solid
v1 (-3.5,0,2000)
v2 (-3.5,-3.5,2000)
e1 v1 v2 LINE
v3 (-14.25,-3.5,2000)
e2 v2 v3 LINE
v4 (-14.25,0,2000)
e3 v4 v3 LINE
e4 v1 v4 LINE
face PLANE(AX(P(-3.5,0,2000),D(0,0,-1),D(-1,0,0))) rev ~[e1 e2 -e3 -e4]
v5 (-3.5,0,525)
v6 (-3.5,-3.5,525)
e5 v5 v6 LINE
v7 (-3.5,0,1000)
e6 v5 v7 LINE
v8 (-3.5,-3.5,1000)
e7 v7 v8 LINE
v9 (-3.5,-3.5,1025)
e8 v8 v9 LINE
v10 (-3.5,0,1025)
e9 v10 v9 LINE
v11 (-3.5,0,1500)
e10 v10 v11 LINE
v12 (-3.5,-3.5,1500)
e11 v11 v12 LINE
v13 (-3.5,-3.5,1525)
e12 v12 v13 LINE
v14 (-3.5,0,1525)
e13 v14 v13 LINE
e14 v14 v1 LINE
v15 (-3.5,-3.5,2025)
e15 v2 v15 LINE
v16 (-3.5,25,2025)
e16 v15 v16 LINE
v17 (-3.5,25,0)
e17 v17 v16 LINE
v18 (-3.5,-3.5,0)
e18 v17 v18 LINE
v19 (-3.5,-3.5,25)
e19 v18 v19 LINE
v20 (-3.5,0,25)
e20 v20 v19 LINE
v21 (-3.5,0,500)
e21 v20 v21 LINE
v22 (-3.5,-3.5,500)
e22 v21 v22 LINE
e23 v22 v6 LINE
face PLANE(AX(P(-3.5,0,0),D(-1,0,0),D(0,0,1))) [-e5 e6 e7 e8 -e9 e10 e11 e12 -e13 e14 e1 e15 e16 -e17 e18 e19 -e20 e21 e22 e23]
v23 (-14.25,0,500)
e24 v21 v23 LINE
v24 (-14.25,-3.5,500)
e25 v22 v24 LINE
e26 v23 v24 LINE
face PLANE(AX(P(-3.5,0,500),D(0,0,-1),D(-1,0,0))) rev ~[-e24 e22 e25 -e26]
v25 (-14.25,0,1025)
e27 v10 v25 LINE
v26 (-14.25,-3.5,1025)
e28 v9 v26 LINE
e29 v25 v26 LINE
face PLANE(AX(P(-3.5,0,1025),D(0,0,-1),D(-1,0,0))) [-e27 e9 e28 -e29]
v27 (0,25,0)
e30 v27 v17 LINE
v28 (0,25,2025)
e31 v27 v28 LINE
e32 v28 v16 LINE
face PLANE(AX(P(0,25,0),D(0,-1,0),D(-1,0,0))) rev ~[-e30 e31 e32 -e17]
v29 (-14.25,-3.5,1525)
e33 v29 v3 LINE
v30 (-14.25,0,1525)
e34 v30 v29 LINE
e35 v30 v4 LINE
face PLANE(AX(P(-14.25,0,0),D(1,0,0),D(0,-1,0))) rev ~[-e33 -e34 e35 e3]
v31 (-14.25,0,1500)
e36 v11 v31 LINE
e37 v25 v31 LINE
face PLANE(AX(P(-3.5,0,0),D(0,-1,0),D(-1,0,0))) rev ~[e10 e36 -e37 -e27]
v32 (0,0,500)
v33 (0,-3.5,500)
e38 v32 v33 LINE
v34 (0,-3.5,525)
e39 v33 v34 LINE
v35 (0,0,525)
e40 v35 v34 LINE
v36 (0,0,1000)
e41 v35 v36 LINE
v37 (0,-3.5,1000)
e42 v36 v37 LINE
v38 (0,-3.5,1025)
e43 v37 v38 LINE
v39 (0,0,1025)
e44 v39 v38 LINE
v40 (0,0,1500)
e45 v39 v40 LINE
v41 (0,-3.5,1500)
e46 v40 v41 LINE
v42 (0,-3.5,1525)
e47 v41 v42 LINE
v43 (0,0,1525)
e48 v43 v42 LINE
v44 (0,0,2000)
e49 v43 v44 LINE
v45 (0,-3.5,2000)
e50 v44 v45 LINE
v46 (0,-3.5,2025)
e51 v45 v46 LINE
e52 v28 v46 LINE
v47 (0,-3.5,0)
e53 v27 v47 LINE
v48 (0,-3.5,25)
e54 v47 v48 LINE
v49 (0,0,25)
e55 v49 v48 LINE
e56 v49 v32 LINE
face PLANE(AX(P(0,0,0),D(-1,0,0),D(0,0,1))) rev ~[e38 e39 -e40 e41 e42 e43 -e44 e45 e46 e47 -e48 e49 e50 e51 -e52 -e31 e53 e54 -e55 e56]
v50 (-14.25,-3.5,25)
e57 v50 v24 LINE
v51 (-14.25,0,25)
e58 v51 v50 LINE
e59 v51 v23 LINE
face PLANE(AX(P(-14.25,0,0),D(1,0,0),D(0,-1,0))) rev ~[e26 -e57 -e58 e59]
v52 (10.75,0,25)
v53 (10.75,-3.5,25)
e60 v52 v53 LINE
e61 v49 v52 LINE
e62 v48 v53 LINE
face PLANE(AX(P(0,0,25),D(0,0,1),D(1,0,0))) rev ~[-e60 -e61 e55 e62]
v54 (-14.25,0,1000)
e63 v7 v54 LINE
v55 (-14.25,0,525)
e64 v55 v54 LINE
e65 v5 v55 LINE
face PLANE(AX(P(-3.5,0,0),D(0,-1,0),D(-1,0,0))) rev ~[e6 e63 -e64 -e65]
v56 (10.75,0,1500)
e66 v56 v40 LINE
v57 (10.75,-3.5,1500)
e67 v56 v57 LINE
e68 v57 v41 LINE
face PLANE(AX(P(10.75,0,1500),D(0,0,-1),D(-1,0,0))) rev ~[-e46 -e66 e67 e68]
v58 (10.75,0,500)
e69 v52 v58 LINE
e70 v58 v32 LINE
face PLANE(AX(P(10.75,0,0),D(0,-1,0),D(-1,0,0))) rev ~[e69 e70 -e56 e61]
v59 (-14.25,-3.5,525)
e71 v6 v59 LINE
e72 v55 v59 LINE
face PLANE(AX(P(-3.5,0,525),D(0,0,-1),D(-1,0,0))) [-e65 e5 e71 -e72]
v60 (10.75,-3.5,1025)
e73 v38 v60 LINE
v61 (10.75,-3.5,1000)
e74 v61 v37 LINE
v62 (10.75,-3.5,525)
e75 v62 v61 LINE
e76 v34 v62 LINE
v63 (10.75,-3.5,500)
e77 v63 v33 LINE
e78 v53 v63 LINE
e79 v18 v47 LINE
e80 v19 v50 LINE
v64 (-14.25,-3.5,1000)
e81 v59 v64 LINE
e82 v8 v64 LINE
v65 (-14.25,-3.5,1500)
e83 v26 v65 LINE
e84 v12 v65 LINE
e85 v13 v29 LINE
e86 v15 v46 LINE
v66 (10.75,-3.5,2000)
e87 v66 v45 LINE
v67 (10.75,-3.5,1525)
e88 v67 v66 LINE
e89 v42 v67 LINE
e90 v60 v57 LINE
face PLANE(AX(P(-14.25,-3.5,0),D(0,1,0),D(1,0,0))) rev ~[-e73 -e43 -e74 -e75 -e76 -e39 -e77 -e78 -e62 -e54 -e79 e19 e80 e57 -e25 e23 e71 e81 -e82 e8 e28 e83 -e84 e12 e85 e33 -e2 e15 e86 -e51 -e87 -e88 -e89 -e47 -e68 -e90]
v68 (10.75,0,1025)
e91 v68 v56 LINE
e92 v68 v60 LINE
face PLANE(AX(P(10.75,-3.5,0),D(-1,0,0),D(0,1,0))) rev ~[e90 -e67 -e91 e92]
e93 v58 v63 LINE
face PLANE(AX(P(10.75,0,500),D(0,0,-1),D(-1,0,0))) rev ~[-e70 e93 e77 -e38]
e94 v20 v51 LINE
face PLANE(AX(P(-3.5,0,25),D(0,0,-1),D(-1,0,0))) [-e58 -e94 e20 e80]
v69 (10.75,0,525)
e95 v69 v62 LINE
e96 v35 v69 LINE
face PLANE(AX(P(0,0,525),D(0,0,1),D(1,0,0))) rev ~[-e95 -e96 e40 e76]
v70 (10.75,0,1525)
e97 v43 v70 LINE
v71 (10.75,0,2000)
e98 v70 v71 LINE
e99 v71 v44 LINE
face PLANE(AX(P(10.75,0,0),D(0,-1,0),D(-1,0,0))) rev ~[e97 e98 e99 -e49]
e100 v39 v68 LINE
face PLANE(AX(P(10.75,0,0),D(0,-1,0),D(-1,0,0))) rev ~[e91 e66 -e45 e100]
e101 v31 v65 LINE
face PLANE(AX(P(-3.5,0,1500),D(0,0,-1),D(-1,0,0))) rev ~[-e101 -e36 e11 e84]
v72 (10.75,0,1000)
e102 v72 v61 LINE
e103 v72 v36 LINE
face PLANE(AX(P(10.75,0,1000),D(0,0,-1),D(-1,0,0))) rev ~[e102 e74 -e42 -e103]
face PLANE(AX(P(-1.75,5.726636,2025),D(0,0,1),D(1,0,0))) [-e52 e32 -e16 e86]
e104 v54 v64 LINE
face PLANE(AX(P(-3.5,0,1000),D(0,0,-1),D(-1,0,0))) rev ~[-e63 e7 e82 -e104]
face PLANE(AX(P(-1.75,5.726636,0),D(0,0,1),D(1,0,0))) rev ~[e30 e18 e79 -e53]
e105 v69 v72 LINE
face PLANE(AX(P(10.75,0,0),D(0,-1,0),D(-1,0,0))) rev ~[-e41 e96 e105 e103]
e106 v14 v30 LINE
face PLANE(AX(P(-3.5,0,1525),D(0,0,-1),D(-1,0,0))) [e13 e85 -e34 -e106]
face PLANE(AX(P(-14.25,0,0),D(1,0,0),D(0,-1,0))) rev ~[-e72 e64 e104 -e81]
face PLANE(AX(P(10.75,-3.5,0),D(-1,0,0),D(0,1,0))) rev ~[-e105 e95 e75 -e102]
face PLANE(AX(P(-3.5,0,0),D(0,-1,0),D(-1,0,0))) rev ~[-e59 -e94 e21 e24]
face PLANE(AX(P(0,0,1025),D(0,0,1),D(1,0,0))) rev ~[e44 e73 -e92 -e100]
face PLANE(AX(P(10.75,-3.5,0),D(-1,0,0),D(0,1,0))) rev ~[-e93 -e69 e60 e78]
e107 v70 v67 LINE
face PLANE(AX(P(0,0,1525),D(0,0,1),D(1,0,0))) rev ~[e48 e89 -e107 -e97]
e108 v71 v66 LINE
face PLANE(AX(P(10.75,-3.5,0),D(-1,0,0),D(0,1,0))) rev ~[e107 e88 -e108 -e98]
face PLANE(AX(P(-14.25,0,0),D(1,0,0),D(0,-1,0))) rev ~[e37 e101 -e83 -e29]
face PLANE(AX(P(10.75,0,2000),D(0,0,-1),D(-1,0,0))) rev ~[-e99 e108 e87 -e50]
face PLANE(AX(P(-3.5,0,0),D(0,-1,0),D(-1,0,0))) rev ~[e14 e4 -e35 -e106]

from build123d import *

# Parameters (mm, degrees)
F1_DEPTH = 2025
F2_W     = 10.75
F2_H     = 25
F3_DEPTH = 3.501


with BuildPart() as f1:
    # F0 (on Top) → F1 (new body)
    with BuildSketch(Plane.XY):
        Polygon((-14.25, 0), (-14.25, -3.5), (10.75, -3.5), (10.75, 0), (0, 0), (0, 25), (-3.5, 25), (-3.5, 0), align=None)
    extrude(amount=F1_DEPTH)

    # F2 (on face) → F3 (cut, through all)
    with BuildSketch(Plane(origin=(0, 0, 0), x_dir=(-1, 0, 0), z_dir=(0, 1, 0))):
        with Locations((8.875, 12.5)):
            Rectangle(F2_W, F2_H)
        Polygon((-10.75, 2012.5), (-10.75, 2000), (0, 2000), (0, 2025), (-10.75, 2025), align=None)
        Polygon((-10.75, 1512.5), (-10.75, 1500), (0, 1500), (0, 1525), (-10.75, 1525), align=None)
        Polygon((-10.75, 1012.5), (-10.75, 1000), (0, 1000), (0, 1025), (-10.75, 1025), align=None)
        Polygon((-10.75, 512.5), (-10.75, 500), (0, 500), (0, 525), (-10.75, 525), align=None)
        Polygon((-10.75, 0), (0, 0), (0, 25), (-10.75, 25), (-10.75, 12.5), align=None)
        with Locations((8.875, 2012.5)):
            Rectangle(F2_W, F2_H)
        with Locations((8.875, 1512.5)):
            Rectangle(F2_W, F2_H)
        with Locations((8.875, 1012.5)):
            Rectangle(F2_W, F2_H)
        with Locations((8.875, 512.5)):
            Rectangle(F2_W, F2_H)
    extrude(amount=-F3_DEPTH, mode=Mode.SUBTRACT)


solid = f1.part
